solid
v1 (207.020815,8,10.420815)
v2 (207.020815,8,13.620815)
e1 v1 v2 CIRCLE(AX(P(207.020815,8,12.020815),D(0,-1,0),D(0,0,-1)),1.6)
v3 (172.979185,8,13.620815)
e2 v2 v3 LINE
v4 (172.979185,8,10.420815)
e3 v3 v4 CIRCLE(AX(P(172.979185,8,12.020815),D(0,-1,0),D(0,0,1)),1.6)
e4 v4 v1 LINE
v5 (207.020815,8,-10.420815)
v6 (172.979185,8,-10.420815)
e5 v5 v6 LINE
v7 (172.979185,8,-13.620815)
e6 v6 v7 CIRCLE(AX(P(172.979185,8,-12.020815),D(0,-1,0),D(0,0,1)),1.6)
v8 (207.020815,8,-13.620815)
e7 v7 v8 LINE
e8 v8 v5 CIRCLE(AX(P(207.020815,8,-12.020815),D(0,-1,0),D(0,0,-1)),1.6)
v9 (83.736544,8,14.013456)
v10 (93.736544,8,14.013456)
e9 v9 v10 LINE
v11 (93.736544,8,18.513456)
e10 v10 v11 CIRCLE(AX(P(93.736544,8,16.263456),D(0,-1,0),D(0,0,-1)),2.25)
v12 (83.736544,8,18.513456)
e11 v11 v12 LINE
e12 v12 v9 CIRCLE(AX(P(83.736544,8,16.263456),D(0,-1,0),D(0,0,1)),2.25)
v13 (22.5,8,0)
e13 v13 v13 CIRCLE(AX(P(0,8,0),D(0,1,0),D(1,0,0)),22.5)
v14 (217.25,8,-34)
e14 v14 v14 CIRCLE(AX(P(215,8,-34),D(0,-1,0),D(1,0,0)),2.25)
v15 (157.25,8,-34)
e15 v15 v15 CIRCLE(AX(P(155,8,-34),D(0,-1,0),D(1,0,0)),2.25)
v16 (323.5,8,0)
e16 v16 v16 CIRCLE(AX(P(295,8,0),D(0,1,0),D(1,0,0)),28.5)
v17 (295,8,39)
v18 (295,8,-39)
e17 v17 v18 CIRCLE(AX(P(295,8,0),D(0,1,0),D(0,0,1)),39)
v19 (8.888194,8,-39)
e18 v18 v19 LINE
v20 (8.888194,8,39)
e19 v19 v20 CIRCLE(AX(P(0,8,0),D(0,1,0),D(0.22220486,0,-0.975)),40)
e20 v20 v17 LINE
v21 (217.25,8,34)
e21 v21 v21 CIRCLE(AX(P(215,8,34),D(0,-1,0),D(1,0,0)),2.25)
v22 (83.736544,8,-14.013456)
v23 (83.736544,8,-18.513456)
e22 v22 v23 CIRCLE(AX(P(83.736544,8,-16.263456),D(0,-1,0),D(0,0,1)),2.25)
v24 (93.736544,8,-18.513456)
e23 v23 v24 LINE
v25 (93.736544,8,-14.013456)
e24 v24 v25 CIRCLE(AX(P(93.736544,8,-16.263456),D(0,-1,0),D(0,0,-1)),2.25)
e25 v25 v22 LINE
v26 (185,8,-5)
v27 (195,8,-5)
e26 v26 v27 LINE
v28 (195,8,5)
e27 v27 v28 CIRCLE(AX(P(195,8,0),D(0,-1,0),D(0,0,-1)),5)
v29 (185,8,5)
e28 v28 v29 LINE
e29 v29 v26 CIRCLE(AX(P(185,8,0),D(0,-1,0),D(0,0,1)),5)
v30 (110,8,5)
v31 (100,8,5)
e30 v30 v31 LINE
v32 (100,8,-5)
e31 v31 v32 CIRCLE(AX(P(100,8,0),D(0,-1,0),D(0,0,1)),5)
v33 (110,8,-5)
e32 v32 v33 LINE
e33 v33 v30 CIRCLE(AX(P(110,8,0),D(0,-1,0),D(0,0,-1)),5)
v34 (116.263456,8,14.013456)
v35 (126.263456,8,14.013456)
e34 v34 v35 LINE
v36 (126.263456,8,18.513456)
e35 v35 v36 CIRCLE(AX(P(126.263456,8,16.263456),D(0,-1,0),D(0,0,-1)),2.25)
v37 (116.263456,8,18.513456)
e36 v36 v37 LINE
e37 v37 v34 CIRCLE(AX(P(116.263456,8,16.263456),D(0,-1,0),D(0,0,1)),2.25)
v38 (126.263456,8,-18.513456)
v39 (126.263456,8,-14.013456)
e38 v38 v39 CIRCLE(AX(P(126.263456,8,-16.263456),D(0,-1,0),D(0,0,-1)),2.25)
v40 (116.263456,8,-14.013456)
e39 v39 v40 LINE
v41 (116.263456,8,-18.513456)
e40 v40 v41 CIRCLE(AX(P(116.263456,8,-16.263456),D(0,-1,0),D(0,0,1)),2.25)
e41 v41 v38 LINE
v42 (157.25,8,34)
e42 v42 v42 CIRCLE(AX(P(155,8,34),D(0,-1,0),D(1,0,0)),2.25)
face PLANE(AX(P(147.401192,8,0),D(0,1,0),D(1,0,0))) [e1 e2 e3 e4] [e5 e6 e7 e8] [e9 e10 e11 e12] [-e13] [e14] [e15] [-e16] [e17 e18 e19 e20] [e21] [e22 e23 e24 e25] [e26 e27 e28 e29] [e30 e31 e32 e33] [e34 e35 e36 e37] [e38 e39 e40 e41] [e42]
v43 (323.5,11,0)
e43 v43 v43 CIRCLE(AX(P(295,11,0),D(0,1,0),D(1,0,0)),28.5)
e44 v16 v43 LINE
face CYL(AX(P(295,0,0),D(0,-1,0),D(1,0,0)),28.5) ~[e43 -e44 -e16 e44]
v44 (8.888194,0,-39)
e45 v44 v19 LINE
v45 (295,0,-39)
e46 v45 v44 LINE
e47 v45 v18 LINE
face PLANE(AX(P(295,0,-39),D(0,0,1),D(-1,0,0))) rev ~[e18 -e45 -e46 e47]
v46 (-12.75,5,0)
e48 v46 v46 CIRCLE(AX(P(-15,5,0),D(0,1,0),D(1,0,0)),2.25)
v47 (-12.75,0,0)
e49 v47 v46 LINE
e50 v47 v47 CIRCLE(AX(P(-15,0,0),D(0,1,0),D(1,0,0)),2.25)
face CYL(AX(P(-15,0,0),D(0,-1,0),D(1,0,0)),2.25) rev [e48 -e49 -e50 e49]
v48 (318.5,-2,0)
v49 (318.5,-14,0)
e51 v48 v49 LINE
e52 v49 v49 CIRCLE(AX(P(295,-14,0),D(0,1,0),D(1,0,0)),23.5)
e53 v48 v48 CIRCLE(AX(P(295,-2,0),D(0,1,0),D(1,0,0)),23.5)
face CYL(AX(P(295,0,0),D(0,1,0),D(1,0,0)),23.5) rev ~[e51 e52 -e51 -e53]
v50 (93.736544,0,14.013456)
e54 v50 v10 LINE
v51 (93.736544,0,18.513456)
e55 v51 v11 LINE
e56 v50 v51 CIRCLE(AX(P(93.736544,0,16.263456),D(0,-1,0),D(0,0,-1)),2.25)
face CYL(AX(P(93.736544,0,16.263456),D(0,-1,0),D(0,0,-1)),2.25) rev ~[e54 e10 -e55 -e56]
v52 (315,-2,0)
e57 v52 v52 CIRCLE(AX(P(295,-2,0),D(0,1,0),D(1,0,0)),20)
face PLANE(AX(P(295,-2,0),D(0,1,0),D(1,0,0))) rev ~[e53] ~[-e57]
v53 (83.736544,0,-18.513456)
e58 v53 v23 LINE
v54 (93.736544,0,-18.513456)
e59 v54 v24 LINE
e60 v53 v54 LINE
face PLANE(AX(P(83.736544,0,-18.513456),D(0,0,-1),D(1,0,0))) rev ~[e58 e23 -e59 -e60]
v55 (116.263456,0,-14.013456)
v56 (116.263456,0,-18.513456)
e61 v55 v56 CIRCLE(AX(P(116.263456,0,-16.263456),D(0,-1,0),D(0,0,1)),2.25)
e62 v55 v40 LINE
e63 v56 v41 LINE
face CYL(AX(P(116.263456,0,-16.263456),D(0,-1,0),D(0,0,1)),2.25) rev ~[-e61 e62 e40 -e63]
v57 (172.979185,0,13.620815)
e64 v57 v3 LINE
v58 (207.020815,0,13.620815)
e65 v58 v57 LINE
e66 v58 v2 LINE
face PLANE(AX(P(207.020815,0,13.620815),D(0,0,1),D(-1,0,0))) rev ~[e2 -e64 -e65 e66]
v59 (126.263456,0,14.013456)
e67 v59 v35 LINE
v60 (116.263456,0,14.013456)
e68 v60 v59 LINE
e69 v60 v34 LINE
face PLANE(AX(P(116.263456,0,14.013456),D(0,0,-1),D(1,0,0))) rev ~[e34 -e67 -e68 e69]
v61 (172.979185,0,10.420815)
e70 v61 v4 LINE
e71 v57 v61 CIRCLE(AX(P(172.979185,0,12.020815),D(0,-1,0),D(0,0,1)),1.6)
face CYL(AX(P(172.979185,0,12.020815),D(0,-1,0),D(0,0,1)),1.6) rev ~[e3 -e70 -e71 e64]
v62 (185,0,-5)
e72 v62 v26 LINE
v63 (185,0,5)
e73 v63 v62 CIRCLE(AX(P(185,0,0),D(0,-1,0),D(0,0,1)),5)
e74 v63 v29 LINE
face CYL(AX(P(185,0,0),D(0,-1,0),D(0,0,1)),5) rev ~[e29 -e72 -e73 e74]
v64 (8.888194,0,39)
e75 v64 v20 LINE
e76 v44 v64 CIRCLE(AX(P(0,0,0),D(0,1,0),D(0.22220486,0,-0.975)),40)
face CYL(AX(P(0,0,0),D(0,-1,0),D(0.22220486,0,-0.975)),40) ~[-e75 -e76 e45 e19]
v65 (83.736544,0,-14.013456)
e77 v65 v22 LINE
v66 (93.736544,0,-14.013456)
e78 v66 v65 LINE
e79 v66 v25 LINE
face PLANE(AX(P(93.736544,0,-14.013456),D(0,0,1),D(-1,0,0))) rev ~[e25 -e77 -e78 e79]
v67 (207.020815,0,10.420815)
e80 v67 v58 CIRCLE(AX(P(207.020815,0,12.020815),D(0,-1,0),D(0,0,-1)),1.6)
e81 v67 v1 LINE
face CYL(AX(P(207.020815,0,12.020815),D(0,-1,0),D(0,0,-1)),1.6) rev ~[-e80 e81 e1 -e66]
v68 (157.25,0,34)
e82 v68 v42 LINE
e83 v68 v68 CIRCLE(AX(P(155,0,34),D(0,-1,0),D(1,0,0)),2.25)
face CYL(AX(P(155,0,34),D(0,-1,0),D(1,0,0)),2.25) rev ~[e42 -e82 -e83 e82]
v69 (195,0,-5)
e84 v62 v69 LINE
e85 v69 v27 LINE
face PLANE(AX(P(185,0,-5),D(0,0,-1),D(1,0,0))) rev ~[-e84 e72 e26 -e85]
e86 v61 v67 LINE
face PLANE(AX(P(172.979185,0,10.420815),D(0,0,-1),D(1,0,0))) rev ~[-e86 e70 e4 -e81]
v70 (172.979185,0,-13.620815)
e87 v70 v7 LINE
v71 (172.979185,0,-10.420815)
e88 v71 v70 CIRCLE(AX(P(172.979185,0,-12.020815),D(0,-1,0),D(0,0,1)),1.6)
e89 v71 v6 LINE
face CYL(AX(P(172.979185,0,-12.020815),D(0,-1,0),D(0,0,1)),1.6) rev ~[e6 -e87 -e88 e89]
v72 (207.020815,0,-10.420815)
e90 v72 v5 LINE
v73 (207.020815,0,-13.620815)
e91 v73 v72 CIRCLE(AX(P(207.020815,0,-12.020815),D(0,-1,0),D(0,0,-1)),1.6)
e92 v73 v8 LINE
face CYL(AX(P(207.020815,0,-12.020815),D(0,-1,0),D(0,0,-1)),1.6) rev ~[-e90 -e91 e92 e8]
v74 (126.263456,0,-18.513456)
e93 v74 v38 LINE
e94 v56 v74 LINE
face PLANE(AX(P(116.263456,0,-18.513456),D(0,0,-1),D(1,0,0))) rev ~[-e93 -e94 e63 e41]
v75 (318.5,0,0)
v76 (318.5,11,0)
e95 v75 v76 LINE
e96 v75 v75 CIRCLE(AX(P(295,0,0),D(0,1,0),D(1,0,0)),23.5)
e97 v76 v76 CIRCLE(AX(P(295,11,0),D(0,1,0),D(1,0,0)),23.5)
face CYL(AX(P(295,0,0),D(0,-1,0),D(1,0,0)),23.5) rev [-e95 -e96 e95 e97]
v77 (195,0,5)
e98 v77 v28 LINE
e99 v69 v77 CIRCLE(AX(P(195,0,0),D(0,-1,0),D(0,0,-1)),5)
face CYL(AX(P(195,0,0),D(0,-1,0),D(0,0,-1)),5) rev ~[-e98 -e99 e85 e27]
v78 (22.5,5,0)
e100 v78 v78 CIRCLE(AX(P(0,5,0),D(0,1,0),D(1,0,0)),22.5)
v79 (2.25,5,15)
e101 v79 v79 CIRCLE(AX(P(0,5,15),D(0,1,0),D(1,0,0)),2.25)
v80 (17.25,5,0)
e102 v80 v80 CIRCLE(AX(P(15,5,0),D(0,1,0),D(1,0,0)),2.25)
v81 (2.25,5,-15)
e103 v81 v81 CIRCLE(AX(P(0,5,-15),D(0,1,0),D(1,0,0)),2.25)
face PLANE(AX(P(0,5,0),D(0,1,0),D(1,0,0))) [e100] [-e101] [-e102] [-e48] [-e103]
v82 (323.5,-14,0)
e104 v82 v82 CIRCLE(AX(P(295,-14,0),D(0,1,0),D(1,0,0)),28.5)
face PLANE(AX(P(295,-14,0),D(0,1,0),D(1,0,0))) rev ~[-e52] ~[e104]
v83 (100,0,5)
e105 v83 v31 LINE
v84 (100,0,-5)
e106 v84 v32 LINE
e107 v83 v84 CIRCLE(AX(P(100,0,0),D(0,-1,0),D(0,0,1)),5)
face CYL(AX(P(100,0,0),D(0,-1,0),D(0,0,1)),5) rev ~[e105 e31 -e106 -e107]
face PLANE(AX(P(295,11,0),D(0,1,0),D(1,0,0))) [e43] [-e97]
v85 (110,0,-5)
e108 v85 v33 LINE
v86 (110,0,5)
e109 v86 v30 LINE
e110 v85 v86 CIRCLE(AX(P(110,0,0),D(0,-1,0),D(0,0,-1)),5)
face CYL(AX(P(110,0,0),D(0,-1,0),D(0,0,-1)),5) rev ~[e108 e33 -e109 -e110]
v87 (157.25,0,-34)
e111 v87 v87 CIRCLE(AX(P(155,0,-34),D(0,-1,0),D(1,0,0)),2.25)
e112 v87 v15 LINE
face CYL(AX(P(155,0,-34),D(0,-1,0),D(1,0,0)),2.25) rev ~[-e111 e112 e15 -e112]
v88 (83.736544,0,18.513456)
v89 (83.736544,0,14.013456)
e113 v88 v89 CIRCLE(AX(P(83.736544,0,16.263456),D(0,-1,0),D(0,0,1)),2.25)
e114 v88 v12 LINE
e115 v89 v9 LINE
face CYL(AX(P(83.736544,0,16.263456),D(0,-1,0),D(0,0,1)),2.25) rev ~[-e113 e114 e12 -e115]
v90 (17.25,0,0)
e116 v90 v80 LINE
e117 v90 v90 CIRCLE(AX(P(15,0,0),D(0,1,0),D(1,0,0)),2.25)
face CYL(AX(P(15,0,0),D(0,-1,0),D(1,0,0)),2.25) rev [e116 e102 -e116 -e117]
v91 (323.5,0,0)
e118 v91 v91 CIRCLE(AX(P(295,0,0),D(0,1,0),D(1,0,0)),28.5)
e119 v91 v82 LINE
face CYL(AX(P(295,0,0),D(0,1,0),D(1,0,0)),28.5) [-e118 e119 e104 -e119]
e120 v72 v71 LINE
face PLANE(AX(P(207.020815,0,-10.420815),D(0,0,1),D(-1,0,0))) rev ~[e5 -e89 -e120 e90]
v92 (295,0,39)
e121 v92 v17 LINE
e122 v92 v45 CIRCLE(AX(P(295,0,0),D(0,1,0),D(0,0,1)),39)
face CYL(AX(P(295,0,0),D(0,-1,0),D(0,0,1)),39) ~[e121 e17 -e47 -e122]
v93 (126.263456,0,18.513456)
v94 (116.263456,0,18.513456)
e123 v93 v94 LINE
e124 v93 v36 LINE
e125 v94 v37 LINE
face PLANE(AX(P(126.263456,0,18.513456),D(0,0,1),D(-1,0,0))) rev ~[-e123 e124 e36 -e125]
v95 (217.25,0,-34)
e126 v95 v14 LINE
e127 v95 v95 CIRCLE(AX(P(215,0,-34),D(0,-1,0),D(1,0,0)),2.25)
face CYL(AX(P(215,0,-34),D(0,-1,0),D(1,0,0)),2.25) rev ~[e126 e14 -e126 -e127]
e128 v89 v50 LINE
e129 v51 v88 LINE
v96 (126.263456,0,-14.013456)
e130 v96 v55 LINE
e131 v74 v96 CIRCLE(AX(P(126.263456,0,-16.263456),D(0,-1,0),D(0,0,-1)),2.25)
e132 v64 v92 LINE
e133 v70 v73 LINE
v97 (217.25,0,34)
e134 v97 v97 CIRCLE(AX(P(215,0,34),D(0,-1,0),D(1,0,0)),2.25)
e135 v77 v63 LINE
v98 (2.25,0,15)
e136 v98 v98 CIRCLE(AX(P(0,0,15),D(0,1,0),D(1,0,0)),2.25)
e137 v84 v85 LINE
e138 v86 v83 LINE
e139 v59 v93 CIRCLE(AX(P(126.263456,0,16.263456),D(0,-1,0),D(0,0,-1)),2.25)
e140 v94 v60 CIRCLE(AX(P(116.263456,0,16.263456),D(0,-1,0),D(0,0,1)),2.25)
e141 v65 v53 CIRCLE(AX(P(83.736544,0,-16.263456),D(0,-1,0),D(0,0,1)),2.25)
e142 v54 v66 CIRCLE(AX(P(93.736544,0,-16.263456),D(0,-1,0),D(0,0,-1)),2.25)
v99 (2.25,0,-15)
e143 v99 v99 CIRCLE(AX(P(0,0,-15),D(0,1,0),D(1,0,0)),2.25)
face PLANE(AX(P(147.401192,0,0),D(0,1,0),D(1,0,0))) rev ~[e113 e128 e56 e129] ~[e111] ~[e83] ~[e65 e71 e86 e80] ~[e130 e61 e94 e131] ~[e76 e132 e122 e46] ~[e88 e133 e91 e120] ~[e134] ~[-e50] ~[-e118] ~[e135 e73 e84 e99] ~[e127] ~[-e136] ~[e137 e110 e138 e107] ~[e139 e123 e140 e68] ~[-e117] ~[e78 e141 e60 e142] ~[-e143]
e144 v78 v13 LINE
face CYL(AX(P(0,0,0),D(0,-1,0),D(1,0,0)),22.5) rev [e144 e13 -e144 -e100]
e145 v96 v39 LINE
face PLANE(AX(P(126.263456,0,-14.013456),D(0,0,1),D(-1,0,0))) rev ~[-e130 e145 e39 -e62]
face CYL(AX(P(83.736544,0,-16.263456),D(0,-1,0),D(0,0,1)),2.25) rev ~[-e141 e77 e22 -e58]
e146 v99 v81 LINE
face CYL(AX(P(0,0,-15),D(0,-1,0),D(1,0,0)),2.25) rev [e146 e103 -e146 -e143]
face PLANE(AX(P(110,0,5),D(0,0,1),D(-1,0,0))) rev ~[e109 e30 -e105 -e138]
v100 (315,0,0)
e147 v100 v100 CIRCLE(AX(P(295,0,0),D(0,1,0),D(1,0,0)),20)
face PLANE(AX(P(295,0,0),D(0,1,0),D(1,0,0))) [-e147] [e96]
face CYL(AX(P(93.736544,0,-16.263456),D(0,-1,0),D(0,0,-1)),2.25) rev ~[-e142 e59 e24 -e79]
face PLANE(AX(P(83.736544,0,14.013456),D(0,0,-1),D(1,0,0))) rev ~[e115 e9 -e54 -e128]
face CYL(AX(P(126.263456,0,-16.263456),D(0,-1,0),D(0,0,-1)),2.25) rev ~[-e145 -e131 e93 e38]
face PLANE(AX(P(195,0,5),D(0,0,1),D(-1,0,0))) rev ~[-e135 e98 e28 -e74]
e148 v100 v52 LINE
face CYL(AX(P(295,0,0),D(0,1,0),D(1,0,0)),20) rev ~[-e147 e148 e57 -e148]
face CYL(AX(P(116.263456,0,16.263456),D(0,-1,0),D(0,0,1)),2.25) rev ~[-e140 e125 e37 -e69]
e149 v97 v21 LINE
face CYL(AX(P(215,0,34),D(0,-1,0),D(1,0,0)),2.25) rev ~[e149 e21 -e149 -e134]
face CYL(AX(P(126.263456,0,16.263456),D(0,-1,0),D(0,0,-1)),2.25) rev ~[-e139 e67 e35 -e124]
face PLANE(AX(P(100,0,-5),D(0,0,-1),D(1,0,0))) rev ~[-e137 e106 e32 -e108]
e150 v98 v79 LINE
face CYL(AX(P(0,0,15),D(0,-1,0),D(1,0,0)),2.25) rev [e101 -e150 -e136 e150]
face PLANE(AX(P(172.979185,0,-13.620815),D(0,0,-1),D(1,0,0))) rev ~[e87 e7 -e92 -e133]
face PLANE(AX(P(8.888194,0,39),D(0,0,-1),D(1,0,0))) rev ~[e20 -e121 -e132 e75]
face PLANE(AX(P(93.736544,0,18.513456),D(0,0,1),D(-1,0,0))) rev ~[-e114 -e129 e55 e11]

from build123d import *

# Parameters (mm, degrees)
SKETCH4_R                = 22.5
SKETCH4_R_2              = 2.25
BOSS_EXTRUDE3_DEPTH      = 5
SKETCH4_4_R              = 28.5
SKETCH4_4_R_2            = 22.5
BOSS_EXTRUDE4_DEPTH      = 8
BOSS_EXTRUDE5_DEPTH      = 11
BOSS_EXTRUDE5_DEPTH_BACK = 14
SKETCH4_5_R              = 28.5
SKETCH4_5_R_2            = 23.5
SKETCH4_6_R              = 23.5
SKETCH4_6_R_2            = 20
BOSS_EXTRUDE6_DEPTH      = 2
SKETCH5_R                = 2.25
CUT_EXTRUDE1_DEPTH       = 10


with BuildPart() as part:
    # Sketch4 → Boss-Extrude3 (new body)
    with BuildSketch(Plane(origin=(0, 0, 0), x_dir=(1, 0, 0), z_dir=(0, 1, 0))):
        Circle(SKETCH4_R)
        with Locations((0, -15)):
            Circle(SKETCH4_R_2, mode=Mode.SUBTRACT)
        with Locations((15, 0)):
            Circle(SKETCH4_R_2, mode=Mode.SUBTRACT)
        with Locations((-15, 0)):
            Circle(SKETCH4_R_2, mode=Mode.SUBTRACT)
        with Locations((0, 15)):
            Circle(SKETCH4_R_2, mode=Mode.SUBTRACT)
    extrude(amount=BOSS_EXTRUDE3_DEPTH)

    # Sketch4<4> → Boss-Extrude4 (add)
    with BuildSketch(Plane(origin=(0, 0, 0), x_dir=(1, 0, 0), z_dir=(0, 1, 0))):
        with BuildLine():
            ThreePointArc((8.888194417, 39), (-40, 0), (8.888194417, -39))
            Line((8.888194417, -39), (295, -39))
            ThreePointArc((295, -39), (334, 0), (295, 39))
            Line((295, 39), (8.888194417, 39))
        make_face()
        with BuildLine():
            Line((93.736544033, -18.513455967), (83.736544033, -18.513455967))
            ThreePointArc((83.736544033, -18.513455967), (81.486544033, -16.263455967), (83.736544033, -14.013455967))
            Line((83.736544033, -14.013455967), (93.736544033, -14.013455967))
            ThreePointArc((93.736544033, -14.013455967), (95.986544033, -16.263455967), (93.736544033, -18.513455967))
        make_face(mode=Mode.SUBTRACT)
        with BuildLine():
            Line((126.263455967, -18.513455967), (116.263455967, -18.513455967))
            ThreePointArc((116.263455967, -18.513455967), (114.013455967, -16.263455967), (116.263455967, -14.013455967))
            Line((116.263455967, -14.013455967), (126.263455967, -14.013455967))
            ThreePointArc((126.263455967, -14.013455967), (128.513455967, -16.263455967), (126.263455967, -18.513455967))
        make_face(mode=Mode.SUBTRACT)
        with BuildLine():
            Line((172.97918472, -10.42081528), (207.02081528, -10.42081528))
            ThreePointArc((207.02081528, -10.42081528), (208.62081528, -12.02081528), (207.02081528, -13.62081528))
            Line((207.02081528, -13.62081528), (172.97918472, -13.62081528))
            ThreePointArc((172.97918472, -13.62081528), (171.37918472, -12.02081528), (172.97918472, -10.42081528))
        make_face(mode=Mode.SUBTRACT)
        with BuildLine():
            ThreePointArc((100, -5), (95, 0), (100, 5))
            Line((100, 5), (110, 5))
            ThreePointArc((110, 5), (115, 0), (110, -5))
            Line((110, -5), (100, -5))
        make_face(mode=Mode.SUBTRACT)
        with BuildLine():
            ThreePointArc((83.736544033, 14.013455967), (81.486544033, 16.263455967), (83.736544033, 18.513455967))
            Line((83.736544033, 18.513455967), (93.736544033, 18.513455967))
            ThreePointArc((93.736544033, 18.513455967), (95.986544033, 16.263455967), (93.736544033, 14.013455967))
            Line((93.736544033, 14.013455967), (83.736544033, 14.013455967))
        make_face(mode=Mode.SUBTRACT)
        with BuildLine():
            ThreePointArc((116.263455967, 14.013455967), (114.013455967, 16.263455967), (116.263455967, 18.513455967))
            Line((116.263455967, 18.513455967), (126.263455967, 18.513455967))
            ThreePointArc((126.263455967, 18.513455967), (128.513455967, 16.263455967), (126.263455967, 14.013455967))
            Line((126.263455967, 14.013455967), (116.263455967, 14.013455967))
        make_face(mode=Mode.SUBTRACT)
        with BuildLine():
            ThreePointArc((195, 5), (200, 0), (195, -5))
            Line((195, -5), (185, -5))
            ThreePointArc((185, -5), (180, 0), (185, 5))
            Line((185, 5), (195, 5))
        make_face(mode=Mode.SUBTRACT)
        with BuildLine():
            ThreePointArc((207.02081528, 13.62081528), (208.62081528, 12.02081528), (207.02081528, 10.42081528))
            Line((207.02081528, 10.42081528), (172.97918472, 10.42081528))
            ThreePointArc((172.97918472, 10.42081528), (171.37918472, 12.02081528), (172.97918472, 13.62081528))
            Line((172.97918472, 13.62081528), (207.02081528, 13.62081528))
        make_face(mode=Mode.SUBTRACT)
        with Locations((295, 0)):
            Circle(SKETCH4_4_R, mode=Mode.SUBTRACT)
        Circle(SKETCH4_4_R_2, mode=Mode.SUBTRACT)
    extrude(amount=BOSS_EXTRUDE4_DEPTH)

    # Sketch4<5> → Boss-Extrude5 (add, two sides: drawn at the far end of the back side and taken through both)
    with BuildSketch(Plane(origin=(0, 0, 0), x_dir=(1, 0, 0), z_dir=(0, 1, 0)).offset(-BOSS_EXTRUDE5_DEPTH_BACK)):
        with Locations((295, 0)):
            Circle(SKETCH4_5_R)
        with Locations((295, 0)):
            Circle(SKETCH4_5_R_2, mode=Mode.SUBTRACT)
    extrude(amount=BOSS_EXTRUDE5_DEPTH + BOSS_EXTRUDE5_DEPTH_BACK)

    # Sketch4<6> → Boss-Extrude6 (add)
    with BuildSketch(Plane(origin=(0, 0, 0), x_dir=(1, 0, 0), z_dir=(0, 1, 0))):
        with Locations((295, 0)):
            Circle(SKETCH4_6_R)
        with Locations((295, 0)):
            Circle(SKETCH4_6_R_2, mode=Mode.SUBTRACT)
    extrude(amount=-BOSS_EXTRUDE6_DEPTH)

    # Sketch5 → Cut-Extrude1 (cut)
    with BuildSketch(Plane.XZ):
        with Locations((155, 34)):
            Circle(SKETCH5_R)
        with Locations((215, 34)):
            Circle(SKETCH5_R)
        with Locations((215, -34)):
            Circle(SKETCH5_R)
        with Locations((155, -34)):
            Circle(SKETCH5_R)
    extrude(amount=-CUT_EXTRUDE1_DEPTH, mode=Mode.SUBTRACT)


solid = part.part
